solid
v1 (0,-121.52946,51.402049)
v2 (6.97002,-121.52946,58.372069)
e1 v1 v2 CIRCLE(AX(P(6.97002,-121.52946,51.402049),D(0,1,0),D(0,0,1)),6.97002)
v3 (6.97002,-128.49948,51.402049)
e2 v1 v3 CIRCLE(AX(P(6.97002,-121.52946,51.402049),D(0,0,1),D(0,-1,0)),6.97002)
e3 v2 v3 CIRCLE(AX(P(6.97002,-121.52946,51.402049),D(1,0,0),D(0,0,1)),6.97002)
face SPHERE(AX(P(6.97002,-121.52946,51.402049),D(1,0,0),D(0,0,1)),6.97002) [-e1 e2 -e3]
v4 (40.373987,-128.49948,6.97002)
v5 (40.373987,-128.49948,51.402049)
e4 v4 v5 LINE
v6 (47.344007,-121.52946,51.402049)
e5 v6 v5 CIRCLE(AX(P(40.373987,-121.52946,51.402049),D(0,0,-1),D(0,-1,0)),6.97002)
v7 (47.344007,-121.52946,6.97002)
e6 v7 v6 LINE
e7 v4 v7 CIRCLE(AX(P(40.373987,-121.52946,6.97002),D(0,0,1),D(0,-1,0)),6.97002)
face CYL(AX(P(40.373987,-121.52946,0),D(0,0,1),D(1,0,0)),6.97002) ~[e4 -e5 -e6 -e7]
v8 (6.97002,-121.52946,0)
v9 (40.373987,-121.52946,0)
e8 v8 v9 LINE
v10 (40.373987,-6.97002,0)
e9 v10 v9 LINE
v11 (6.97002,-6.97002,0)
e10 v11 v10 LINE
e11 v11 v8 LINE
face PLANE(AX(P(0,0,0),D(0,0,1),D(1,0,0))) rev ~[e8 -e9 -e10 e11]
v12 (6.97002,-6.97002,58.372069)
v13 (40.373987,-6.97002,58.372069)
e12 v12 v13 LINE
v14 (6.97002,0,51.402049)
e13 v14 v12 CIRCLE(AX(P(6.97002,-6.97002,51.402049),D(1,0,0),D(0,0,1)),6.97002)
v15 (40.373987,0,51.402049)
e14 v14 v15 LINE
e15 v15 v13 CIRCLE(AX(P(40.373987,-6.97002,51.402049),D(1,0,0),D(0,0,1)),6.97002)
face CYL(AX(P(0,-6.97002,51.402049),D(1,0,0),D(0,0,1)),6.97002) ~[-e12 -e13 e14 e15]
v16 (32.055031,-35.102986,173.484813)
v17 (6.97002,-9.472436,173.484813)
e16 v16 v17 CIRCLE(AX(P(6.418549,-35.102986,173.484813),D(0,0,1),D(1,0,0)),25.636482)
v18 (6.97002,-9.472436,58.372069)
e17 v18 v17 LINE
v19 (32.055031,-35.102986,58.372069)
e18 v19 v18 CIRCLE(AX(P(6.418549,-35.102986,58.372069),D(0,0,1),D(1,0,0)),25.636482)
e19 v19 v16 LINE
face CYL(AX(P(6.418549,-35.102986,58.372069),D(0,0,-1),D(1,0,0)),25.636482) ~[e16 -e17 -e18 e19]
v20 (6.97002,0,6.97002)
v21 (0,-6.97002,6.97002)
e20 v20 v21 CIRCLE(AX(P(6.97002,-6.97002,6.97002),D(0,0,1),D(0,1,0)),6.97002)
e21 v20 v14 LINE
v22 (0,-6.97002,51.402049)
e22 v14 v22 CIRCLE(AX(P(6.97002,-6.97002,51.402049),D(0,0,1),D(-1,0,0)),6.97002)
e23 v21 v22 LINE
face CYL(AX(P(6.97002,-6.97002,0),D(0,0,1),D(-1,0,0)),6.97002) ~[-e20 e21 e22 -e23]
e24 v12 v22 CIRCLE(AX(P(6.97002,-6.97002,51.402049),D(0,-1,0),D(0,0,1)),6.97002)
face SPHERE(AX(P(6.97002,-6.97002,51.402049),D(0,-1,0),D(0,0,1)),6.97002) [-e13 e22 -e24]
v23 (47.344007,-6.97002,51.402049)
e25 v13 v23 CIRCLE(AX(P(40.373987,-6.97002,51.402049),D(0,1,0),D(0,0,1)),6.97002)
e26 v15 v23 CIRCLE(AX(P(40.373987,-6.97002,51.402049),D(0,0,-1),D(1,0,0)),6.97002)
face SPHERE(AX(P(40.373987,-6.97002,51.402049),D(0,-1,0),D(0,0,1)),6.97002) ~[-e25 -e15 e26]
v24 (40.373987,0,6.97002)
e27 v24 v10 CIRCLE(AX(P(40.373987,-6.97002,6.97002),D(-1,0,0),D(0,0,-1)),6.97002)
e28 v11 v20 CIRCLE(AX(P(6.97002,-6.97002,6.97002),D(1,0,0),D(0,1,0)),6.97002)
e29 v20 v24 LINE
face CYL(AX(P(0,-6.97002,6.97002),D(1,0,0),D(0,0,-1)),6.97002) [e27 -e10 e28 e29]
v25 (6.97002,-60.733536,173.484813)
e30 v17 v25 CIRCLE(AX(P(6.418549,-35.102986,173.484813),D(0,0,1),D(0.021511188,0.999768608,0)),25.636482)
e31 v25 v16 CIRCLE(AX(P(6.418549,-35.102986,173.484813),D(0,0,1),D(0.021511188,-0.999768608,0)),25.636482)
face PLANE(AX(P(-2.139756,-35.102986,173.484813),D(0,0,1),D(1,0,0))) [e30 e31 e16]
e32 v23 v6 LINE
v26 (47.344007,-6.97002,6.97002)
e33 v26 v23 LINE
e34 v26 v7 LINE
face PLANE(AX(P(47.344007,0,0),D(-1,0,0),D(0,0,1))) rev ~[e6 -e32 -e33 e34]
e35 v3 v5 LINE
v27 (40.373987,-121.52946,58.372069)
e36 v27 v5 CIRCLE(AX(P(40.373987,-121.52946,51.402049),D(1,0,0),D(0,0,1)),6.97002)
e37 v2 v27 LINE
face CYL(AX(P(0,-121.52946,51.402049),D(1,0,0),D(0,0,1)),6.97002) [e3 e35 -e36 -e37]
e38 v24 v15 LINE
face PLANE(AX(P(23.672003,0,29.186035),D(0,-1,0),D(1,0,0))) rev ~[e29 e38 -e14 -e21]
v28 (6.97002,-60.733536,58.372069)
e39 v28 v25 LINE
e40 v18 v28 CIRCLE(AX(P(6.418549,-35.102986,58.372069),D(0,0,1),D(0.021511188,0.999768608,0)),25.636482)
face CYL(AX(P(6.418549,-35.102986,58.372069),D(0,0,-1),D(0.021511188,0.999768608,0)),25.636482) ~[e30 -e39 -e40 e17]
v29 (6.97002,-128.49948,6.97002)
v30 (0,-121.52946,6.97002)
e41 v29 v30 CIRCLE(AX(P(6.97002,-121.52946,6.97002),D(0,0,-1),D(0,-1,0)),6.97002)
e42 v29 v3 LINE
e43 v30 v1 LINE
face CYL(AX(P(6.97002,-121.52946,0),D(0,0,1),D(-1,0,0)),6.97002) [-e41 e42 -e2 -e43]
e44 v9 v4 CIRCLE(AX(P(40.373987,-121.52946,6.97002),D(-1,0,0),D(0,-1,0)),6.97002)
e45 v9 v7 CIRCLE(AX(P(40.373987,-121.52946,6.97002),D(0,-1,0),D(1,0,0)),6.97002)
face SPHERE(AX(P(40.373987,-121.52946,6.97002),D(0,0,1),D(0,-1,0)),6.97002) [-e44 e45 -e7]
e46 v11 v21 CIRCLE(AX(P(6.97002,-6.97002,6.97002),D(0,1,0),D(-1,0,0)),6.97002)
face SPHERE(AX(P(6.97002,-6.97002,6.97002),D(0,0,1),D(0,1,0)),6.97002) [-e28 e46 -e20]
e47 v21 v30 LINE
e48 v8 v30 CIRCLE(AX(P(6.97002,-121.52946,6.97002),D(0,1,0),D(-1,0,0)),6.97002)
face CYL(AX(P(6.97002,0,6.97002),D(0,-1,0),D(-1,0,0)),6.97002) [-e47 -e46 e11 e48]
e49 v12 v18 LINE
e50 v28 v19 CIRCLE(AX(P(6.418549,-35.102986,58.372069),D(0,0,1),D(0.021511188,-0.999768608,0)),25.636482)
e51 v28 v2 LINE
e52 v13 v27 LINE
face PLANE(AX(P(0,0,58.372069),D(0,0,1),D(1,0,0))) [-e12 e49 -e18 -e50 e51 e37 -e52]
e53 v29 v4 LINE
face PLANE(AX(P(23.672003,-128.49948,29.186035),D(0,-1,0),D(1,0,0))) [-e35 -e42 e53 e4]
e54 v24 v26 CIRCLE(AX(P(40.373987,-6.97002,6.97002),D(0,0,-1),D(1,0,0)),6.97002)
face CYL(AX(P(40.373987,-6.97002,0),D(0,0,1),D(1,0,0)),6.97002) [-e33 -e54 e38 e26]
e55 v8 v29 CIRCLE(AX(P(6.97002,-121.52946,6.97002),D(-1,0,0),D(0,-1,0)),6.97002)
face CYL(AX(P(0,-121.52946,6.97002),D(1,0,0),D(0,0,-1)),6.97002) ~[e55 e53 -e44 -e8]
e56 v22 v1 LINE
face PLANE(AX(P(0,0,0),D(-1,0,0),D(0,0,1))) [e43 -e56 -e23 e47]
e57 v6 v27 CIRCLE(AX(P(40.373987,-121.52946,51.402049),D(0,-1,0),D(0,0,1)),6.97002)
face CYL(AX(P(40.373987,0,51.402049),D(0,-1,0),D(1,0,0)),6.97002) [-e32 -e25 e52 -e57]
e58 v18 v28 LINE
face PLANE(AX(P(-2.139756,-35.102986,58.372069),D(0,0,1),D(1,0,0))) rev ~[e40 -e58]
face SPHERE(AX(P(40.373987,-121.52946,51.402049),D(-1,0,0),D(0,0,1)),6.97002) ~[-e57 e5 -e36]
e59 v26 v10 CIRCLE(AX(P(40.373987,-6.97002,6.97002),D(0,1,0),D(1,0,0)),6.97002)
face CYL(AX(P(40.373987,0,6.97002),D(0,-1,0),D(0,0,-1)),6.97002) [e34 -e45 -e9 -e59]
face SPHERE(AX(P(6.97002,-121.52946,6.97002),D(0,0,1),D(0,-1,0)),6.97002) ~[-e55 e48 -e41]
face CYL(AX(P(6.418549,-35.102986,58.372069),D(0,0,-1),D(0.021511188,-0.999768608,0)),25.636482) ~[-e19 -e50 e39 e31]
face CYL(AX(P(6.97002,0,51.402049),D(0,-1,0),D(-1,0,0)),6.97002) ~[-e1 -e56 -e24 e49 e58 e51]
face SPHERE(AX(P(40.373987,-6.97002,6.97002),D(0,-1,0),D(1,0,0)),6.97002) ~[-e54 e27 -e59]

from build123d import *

# Parameters (mm, degrees)
F0_W     = 47.344006598
F0_H     = 58.3720691502
F1_DEPTH = 128.4994799644
F2_R     = 6.9700197205
F4_DEPTH = 115.1127442718


with BuildPart() as f1:
    # F0 (on Front) → F1 (new body)
    with BuildSketch(Plane.XZ):
        with Locations((23.672003299, 29.1860345751)):
            Rectangle(F0_W, F0_H)
    extrude(amount=F1_DEPTH)

    # F2
    f2_edges = [f1.edges().sort_by_distance(p)[0] for p in [
        (23.672003, -128.49948, 58.372069),
        (47.344007, -64.24974, 58.372069),
        (0, -64.24974, 58.372069),
        (23.672003, 0, 58.372069),
        (47.344007, -128.49948, 29.186035),
        (0, -128.49948, 29.186035),
        (23.672003, -128.49948, 0),
        (47.344007, -64.24974, 0),
        (47.344007, 0, 29.186035),
        (0, 0, 29.186035),
        (23.672003, 0, 0),
        (0, -64.24974, 0),
    ]]
    fillet(f2_edges, radius=F2_R)

    # F3 (on face) → F4 (join)
    with BuildSketch(Plane.XY.offset(58.3720691502)):
        with BuildLine():
            Line((6.9700197205, -60.7335358806), (6.9700197205, -9.472435718))
            ThreePointArc((6.9700197205, -9.472435718), (-19.2179336437, -35.1029857993), (6.9700197205, -60.7335358806))
        make_face()
        with BuildLine():
            ThreePointArc((6.9700197205, -60.7335358806), (24.7402160172, -53.03468171), (32.0550306924, -35.1029857993))
            ThreePointArc((32.0550306924, -35.1029857993), (24.7402160172, -17.1712898886), (6.9700197205, -9.472435718))
            Line((6.9700197205, -9.472435718), (6.9700197205, -60.7335358806))
        make_face()
    extrude(amount=F4_DEPTH)


solid = f1.part
